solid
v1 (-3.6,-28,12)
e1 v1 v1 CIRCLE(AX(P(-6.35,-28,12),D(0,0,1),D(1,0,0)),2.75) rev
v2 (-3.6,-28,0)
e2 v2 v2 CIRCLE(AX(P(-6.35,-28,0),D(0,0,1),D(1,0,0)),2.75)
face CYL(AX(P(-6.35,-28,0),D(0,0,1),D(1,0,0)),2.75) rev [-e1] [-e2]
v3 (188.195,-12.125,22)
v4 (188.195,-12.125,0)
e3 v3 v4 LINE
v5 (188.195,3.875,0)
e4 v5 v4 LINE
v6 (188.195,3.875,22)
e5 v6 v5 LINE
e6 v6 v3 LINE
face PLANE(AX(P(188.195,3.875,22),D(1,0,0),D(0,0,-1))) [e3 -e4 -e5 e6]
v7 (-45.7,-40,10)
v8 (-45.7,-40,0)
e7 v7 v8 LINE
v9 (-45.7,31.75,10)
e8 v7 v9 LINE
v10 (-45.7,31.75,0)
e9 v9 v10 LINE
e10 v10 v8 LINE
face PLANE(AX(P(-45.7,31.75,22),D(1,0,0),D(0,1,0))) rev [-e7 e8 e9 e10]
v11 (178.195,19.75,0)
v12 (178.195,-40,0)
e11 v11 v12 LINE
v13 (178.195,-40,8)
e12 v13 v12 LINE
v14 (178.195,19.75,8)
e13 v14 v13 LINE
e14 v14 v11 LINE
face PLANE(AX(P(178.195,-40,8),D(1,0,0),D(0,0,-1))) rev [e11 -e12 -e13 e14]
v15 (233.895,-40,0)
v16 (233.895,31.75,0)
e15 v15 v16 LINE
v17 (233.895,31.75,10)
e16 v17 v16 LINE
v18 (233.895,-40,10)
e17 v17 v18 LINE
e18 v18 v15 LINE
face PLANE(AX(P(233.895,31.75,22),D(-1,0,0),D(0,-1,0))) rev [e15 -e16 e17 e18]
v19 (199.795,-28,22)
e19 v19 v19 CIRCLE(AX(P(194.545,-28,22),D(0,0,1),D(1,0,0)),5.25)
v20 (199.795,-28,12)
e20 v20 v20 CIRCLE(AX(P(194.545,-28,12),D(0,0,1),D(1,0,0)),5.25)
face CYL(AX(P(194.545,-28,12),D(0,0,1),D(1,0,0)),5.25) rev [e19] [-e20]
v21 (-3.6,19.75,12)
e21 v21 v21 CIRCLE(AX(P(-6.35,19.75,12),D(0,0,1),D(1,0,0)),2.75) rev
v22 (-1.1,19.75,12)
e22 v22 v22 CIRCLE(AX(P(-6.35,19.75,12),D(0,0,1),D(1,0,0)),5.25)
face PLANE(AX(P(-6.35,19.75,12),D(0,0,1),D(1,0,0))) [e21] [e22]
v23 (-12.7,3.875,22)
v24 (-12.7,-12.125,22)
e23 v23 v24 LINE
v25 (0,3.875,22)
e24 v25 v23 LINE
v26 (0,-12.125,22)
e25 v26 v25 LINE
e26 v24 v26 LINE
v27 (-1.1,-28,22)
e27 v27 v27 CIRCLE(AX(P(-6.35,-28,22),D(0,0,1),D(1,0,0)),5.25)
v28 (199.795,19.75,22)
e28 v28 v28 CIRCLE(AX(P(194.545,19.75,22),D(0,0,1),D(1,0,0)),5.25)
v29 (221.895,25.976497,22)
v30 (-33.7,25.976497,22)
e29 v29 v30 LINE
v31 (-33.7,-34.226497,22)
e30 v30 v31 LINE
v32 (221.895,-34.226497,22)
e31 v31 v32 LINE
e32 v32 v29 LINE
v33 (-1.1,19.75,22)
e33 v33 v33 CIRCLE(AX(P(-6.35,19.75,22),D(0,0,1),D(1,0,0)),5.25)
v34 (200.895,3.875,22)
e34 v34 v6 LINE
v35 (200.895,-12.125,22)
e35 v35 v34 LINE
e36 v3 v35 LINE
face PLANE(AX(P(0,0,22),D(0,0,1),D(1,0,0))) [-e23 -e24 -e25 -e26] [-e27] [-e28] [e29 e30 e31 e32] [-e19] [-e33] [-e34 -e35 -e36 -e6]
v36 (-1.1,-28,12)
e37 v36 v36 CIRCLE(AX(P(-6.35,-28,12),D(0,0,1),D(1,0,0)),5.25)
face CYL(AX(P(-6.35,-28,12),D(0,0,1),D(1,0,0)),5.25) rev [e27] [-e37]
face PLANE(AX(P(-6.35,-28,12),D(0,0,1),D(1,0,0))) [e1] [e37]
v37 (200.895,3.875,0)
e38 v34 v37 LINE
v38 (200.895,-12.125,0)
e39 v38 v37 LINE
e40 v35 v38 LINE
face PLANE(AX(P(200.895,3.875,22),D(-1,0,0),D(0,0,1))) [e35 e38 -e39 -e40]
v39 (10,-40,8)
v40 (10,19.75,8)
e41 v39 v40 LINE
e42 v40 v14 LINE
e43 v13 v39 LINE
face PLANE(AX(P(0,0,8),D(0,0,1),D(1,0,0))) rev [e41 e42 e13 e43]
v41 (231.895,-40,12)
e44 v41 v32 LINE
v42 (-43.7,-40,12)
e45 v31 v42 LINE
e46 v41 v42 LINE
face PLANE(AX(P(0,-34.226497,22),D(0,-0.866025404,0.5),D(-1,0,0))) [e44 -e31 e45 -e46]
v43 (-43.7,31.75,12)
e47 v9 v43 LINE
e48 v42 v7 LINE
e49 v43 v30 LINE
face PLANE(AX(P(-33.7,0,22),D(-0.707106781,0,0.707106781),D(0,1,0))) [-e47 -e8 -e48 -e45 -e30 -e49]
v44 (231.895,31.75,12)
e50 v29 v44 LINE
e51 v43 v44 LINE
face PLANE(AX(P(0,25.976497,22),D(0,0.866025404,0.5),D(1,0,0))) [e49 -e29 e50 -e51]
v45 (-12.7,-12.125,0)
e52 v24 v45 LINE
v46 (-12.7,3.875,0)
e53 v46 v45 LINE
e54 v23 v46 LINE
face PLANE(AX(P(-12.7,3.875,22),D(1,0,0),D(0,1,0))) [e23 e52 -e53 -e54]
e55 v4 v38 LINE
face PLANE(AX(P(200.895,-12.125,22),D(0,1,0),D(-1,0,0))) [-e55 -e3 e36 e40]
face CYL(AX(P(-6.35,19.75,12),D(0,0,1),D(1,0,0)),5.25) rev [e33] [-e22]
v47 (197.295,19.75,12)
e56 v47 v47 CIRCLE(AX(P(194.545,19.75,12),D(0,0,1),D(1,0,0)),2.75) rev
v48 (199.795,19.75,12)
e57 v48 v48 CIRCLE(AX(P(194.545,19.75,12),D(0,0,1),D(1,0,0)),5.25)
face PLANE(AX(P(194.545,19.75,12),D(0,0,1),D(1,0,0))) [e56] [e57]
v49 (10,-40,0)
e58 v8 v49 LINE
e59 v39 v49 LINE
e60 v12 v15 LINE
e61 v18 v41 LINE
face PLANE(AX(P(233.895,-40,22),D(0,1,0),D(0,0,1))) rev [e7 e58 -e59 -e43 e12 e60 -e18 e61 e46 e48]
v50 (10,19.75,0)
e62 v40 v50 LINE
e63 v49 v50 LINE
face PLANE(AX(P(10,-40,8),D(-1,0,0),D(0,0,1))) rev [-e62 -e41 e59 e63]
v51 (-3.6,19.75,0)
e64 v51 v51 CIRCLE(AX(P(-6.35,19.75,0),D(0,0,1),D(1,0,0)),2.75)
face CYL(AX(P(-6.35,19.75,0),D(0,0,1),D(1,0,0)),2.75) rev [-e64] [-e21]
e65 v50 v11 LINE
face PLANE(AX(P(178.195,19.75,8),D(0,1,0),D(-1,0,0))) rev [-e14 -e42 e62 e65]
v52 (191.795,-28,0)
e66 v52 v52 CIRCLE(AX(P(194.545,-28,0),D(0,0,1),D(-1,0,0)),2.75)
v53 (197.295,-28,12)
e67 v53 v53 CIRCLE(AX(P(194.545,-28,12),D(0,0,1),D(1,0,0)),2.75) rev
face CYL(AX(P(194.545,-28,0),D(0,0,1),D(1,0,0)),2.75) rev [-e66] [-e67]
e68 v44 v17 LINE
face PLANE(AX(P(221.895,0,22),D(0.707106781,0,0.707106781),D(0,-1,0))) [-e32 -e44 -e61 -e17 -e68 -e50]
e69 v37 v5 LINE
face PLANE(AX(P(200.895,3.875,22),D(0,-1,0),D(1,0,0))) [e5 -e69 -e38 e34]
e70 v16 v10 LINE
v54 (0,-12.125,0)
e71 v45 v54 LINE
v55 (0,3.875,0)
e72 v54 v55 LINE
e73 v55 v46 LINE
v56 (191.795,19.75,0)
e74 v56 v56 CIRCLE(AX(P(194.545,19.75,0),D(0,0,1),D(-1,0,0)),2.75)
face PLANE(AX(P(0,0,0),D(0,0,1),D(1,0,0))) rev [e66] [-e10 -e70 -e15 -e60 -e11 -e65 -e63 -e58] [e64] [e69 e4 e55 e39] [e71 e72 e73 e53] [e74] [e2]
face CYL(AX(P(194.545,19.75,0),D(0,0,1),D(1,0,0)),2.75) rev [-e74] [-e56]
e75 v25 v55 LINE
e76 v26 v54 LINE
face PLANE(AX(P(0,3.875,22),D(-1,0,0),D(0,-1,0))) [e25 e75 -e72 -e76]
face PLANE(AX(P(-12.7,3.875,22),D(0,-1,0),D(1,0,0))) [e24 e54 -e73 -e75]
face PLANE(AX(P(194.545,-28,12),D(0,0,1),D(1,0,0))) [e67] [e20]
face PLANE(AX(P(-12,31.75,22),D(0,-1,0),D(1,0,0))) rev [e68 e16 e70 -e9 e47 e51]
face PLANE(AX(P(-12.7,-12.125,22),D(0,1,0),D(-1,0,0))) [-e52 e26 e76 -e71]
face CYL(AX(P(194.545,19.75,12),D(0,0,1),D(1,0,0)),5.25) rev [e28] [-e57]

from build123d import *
from OCP.BRepFilletAPI import BRepFilletAPI_MakeChamfer

# Parameters (mm, degrees)
SKETCH1_W           = 12.7
SKETCH1_H           = 16
BOSS_EXTRUDE1_DEPTH = 22
SKETCH2_R           = 2.75
CUT_EXTRUDE1_DEPTH  = 239.308352823
SKETCH5_W           = 168.195
SKETCH5_H           = 59.75
CUT_EXTRUDE3_DEPTH  = 8
CHAMFER1_SIZE       = 10
CHAMFER1_SIZE2      = 5.773502692
SKETCH7_R           = 5.25
CUT_EXTRUDE4_DEPTH  = 10
CHAMFER2_SIZE       = 12


with BuildPart() as part:
    # Sketch1 → Boss-Extrude1 (new body)
    with BuildSketch(Plane.XY):
        Polygon((-12, 31.75), (200.195, 31.75), (233.895, 31.75), (233.895, -40), (200.895, -40), (-12.7, -40), (-45.7, -40), (-45.7, 31.75), align=None)
        with Locations((-6.35, -4.125)):
            Rectangle(SKETCH1_W, SKETCH1_H, mode=Mode.SUBTRACT)
        with Locations((194.545, -4.125)):
            Rectangle(SKETCH1_W, SKETCH1_H, mode=Mode.SUBTRACT)
    extrude(amount=BOSS_EXTRUDE1_DEPTH)

    # Sketch2 → Cut-Extrude1 (cut, through all)
    with BuildSketch(Plane.XY.offset(22)):
        with Locations((-6.35, 19.75)):
            Circle(SKETCH2_R)
        with Locations((-6.35, -28)):
            Circle(SKETCH2_R)
        with Locations((194.545, -28)):
            Circle(SKETCH2_R)
        with Locations((194.545, 19.75)):
            Circle(SKETCH2_R)
    extrude(amount=-CUT_EXTRUDE1_DEPTH, mode=Mode.SUBTRACT)

    # Sketch5 → Cut-Extrude3 (cut)
    with BuildSketch(Plane(origin=(0, 0, 0), x_dir=(-1, 0, 0), z_dir=(0, 0, -1))):
        with Locations((-94.0975, -10.125)):
            Rectangle(SKETCH5_W, SKETCH5_H)
    extrude(amount=-CUT_EXTRUDE3_DEPTH, mode=Mode.SUBTRACT)

    # Chamfer1: one chamfer whose edges measure the first distance from different faces: ONE call of the kernel's chamfer builder (chamfer() names one face for all edges)
    chamfer1_edges_1 = [part.edges().sort_by_distance(p)[0] for p in [
        (94.0975, 31.75, 22),
    ]]
    chamfer1_side_1 = [part.faces().sort_by_distance(p)[0] for p in [
        (94.0975, 31.75, 11),
    ]]
    chamfer1_edges_2 = [part.edges().sort_by_distance(p)[0] for p in [
        (94.0975, -40, 22),
    ]]
    chamfer1_side_2 = [part.faces().sort_by_distance(p)[0] for p in [
        (94.0975, -40, 12.960016897),
    ]]
    chamfer1 = BRepFilletAPI_MakeChamfer(part.part.solid().wrapped)
    for e in chamfer1_edges_1:
        chamfer1.Add(CHAMFER1_SIZE, CHAMFER1_SIZE2, e.wrapped, chamfer1_side_1[0].wrapped)  # the first distance lies on this face
    for e in chamfer1_edges_2:
        chamfer1.Add(CHAMFER1_SIZE, CHAMFER1_SIZE2, e.wrapped, chamfer1_side_2[0].wrapped)  # the first distance lies on this face
    add(Compound.cast(chamfer1.Shape()), mode=Mode.REPLACE)

    # Sketch7 → Cut-Extrude4 (cut)
    with BuildSketch(Plane.XY.offset(22)):
        with Locations((-6.35, 19.75)):
            Circle(SKETCH7_R)
        with Locations((-6.35, -28)):
            Circle(SKETCH7_R)
        with Locations((194.545, 19.75)):
            Circle(SKETCH7_R)
        with Locations((194.545, -28)):
            Circle(SKETCH7_R)
    extrude(amount=-CUT_EXTRUDE4_DEPTH, mode=Mode.SUBTRACT)

    # Chamfer2
    chamfer2_edges = [part.edges().sort_by_distance(p)[0] for p in [
        (-45.7, -4.125, 22),
        (233.895, -4.125, 22),
    ]]
    chamfer(chamfer2_edges, length=CHAMFER2_SIZE)


solid = part.part
